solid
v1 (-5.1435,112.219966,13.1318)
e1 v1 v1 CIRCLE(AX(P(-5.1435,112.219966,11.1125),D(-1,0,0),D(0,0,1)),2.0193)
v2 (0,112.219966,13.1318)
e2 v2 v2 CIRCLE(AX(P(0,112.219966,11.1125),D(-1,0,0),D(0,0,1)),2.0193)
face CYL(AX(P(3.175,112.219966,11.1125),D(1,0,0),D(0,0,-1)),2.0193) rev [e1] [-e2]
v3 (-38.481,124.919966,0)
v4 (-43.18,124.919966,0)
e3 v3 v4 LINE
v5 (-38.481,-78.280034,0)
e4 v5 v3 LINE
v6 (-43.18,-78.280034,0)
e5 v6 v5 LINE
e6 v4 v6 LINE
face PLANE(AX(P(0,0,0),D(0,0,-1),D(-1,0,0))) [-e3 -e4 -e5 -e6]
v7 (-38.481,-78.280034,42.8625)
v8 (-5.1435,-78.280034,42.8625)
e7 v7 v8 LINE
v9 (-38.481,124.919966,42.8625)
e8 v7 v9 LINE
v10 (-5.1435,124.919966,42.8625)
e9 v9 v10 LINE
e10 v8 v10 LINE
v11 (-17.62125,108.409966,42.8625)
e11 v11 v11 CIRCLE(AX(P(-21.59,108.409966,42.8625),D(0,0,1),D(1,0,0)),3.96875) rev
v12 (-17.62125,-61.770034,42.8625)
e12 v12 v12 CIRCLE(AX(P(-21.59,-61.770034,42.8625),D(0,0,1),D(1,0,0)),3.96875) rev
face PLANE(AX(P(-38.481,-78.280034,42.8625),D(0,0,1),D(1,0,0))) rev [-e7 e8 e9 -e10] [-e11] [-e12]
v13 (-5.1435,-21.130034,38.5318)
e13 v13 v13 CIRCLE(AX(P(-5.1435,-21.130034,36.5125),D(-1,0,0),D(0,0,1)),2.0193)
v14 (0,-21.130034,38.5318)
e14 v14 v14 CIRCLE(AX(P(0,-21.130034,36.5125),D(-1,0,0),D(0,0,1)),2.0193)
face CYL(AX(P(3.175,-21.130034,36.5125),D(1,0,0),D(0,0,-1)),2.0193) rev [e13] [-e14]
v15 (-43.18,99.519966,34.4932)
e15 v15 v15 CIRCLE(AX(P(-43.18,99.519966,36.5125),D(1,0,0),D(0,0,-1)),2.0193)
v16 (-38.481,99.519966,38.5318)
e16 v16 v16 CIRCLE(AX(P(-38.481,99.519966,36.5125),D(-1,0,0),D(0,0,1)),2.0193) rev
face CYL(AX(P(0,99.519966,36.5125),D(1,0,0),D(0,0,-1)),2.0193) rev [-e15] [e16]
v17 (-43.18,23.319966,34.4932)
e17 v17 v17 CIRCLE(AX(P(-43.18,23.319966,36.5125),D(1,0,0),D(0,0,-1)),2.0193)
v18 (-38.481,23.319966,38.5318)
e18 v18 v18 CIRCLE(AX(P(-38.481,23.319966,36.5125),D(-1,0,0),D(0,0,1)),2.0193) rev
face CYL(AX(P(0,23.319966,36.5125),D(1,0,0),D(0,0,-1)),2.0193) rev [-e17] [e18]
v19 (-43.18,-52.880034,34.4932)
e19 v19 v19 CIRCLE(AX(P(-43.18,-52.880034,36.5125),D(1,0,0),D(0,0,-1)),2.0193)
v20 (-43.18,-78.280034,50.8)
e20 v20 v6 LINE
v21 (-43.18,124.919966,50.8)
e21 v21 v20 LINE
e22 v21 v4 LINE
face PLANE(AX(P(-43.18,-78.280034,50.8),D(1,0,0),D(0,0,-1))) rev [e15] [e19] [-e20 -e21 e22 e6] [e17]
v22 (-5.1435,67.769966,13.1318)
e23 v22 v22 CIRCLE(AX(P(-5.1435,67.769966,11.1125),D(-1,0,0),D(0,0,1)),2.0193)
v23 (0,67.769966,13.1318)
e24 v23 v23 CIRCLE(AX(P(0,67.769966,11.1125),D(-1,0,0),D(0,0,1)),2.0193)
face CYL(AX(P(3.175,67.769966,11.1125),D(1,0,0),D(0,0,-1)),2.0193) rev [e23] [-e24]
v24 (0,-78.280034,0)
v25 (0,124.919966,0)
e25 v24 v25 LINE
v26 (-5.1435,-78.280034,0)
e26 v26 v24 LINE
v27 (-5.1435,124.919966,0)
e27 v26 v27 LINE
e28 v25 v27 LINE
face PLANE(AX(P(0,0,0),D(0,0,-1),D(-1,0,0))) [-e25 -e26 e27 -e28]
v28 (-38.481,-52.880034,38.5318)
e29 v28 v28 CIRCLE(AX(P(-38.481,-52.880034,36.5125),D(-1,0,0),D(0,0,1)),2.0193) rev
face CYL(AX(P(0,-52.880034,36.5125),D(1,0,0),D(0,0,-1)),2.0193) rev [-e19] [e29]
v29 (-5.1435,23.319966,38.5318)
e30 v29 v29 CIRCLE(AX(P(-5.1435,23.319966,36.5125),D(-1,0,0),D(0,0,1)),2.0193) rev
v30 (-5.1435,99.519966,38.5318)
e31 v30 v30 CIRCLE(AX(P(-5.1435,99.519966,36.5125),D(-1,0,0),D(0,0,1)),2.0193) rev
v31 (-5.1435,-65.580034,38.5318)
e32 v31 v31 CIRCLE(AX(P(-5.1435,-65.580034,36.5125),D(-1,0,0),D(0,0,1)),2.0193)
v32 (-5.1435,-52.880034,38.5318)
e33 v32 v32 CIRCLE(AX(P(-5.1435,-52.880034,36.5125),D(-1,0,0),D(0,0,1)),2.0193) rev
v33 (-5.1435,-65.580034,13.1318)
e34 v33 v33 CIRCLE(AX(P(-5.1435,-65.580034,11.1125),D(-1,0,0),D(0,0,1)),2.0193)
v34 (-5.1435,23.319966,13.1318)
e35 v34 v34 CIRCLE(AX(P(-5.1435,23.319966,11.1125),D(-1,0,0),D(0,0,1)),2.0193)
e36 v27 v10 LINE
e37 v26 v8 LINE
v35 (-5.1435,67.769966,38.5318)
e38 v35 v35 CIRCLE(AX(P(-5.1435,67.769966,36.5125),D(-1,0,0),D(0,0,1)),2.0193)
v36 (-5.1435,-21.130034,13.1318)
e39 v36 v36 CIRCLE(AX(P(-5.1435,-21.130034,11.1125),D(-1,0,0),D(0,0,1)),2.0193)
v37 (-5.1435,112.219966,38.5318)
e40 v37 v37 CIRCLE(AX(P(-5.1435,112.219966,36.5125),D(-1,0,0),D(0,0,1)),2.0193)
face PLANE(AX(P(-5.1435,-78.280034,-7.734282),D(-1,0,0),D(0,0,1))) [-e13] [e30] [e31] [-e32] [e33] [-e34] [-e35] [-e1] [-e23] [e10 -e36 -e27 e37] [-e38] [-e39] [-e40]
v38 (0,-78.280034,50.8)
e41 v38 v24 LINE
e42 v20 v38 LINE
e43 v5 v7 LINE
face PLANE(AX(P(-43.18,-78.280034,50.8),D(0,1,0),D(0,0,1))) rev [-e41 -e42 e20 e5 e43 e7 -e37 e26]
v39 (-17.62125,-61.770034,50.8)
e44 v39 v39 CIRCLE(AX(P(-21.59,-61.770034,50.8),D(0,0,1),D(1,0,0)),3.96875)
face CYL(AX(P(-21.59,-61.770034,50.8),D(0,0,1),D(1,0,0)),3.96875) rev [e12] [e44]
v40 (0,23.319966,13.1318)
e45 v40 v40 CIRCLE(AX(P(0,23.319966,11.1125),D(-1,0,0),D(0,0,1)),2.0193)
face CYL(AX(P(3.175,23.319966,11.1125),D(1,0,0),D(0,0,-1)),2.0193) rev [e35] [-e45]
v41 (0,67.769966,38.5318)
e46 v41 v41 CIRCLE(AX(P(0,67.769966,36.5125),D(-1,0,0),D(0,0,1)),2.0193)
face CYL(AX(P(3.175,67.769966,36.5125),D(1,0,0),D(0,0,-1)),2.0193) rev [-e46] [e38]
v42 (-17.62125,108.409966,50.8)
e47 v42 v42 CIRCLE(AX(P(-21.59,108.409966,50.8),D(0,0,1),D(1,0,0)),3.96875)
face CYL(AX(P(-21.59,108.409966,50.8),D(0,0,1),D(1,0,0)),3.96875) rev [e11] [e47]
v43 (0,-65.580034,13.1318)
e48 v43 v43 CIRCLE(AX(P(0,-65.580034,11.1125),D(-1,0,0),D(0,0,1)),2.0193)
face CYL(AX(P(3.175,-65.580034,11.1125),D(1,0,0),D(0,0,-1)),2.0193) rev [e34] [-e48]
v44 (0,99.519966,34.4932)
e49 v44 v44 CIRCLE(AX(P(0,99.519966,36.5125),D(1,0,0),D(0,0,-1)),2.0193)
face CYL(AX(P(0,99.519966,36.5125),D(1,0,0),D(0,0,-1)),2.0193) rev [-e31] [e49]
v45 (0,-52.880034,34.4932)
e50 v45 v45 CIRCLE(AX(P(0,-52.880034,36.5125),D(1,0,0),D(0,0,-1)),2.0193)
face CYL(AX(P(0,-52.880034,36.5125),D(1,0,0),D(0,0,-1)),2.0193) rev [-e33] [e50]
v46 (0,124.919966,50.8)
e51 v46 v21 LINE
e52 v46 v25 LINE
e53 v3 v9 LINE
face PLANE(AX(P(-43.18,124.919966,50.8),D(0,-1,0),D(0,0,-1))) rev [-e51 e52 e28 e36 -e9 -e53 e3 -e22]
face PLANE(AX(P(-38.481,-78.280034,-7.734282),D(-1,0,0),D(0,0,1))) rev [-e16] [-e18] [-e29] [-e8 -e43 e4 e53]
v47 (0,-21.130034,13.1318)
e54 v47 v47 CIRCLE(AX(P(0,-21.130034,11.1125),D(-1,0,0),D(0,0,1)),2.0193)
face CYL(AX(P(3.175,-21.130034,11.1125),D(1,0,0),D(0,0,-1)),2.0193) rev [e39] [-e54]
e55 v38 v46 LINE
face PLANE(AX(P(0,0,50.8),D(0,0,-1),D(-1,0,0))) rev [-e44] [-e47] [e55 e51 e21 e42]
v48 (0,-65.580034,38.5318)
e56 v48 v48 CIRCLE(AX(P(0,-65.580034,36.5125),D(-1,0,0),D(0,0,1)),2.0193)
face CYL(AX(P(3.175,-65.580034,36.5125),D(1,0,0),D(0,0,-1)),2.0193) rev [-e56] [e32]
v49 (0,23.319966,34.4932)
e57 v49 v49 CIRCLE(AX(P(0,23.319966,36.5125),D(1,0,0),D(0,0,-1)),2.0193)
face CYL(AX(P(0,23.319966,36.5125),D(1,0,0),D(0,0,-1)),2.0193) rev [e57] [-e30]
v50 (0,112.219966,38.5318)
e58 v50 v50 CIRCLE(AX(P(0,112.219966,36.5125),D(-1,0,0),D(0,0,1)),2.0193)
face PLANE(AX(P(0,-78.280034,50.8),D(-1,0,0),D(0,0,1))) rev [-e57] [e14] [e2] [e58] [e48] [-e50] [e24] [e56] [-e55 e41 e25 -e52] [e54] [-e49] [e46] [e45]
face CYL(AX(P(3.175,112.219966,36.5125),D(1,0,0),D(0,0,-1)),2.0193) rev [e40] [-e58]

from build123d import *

# Parameters (mm, degrees)
SKETCH1_W                  = 43.18
SKETCH1_H                  = 203.2
BOSS_EXTRUDE1_DEPTH        = 50.8
F_3_8_16_TAPPED_HOLE1_D    = 7.9375
F_10_32_TAPPED_HOLE1_D     = 4.0386
SKETCH9_W                  = 33.3375
SKETCH9_H                  = 50.596782444
CUT_EXTRUDE1_DEPTH         = 214.858346575
F_10_32_TAPPED_HOLE2_D     = 4.0386
F_10_32_TAPPED_HOLE2_DEPTH = 17.78
F_10_32_TAPPED_HOLE2_TIP   = 1.213317848
F_10_32_TAPPED_HOLE3_D     = 4.0386
F_10_32_TAPPED_HOLE3_DEPTH = 17.78
F_10_32_TAPPED_HOLE3_TIP   = 1.213317848


with BuildPart() as part:
    # Sketch1 → Boss-Extrude1 (new body)
    with BuildSketch(Plane.XY):
        with Locations((-21.59, 23.319966314)):
            Rectangle(SKETCH1_W, SKETCH1_H)
    extrude(amount=BOSS_EXTRUDE1_DEPTH)

    # 3/8-16 Tapped Hole1 (through all)
    with Locations(Plane.XY.offset(50.8)):
        with Locations((-21.59, 108.409966314), (-21.59, -61.770033686)):
            Hole(F_3_8_16_TAPPED_HOLE1_D / 2)

    # #10-32 Tapped Hole1 (through all)
    with Locations(Plane(origin=(0, 0, 0), x_dir=(0, 0, -1), z_dir=(1, 0, 0))):
        with Locations((-36.5125, 99.519966314), (-36.5125, 23.319966314), (-36.5125, -52.880033686)):
            Hole(F_10_32_TAPPED_HOLE1_D / 2)

    # Sketch9 → Cut-Extrude1 (cut, through all)
    with BuildSketch(Plane(origin=(0, 124.919966314, 0), x_dir=(1, 0, 0), z_dir=(0, 1, 0))):
        with Locations((-21.81225, -17.564108778)):
            Rectangle(SKETCH9_W, SKETCH9_H)
    extrude(amount=-CUT_EXTRUDE1_DEPTH, mode=Mode.SUBTRACT)

    # #10-32 Tapped Hole2
    with Locations(Plane(origin=(3.175, 53.792091732, -9.087092082), x_dir=(0, 0, -1), z_dir=(1, 0, 0))):
        with Locations((284.600407918, 58.427874582), (310.000407918, 58.427874582), (284.600407918, 13.977874582), (310.000407918, 13.977874582), (284.600407918, -30.472125418), (284.600407918, -74.922125418), (310.000407918, -74.922125418), (284.600407918, -119.372125418), (310.000407918, -119.372125418), (-20.199592082, 58.427874582), (-45.599592082, 58.427874582), (-20.199592082, 13.977874582), (-45.599592082, 13.977874582), (-20.199592082, -30.472125418), (-20.199592082, -74.922125418), (-45.599592082, -74.922125418), (-45.599592082, -119.372125418), (-20.199592082, -119.372125418)):
            Hole(F_10_32_TAPPED_HOLE2_D / 2, depth=F_10_32_TAPPED_HOLE2_DEPTH)
            with Locations((0, 0, -(F_10_32_TAPPED_HOLE2_DEPTH + F_10_32_TAPPED_HOLE2_TIP / 2))):  # 118° drill point
                Cone(0, F_10_32_TAPPED_HOLE2_D / 2, F_10_32_TAPPED_HOLE2_TIP, mode=Mode.SUBTRACT)

    # #10-32 Tapped Hole3
    with Locations(Plane(origin=(3.175, -7.152159104, -273.487907918), x_dir=(0, 0, 1), z_dir=(1, 0, 0))):
        with Locations((284.600407918, 58.427874582), (310.000407918, 58.427874582), (284.600407918, 13.977874582), (310.000407918, 13.977874582), (284.600407918, -30.472125418), (284.600407918, -74.922125418), (310.000407918, -74.922125418), (284.600407918, -119.372125418), (310.000407918, -119.372125418), (-20.199592082, 58.427874582), (-45.599592082, 58.427874582), (-20.199592082, 13.977874582), (-45.599592082, 13.977874582), (-20.199592082, -30.472125418), (-20.199592082, -74.922125418), (-45.599592082, -74.922125418), (-45.599592082, -119.372125418), (-20.199592082, -119.372125418)):
            Hole(F_10_32_TAPPED_HOLE3_D / 2, depth=F_10_32_TAPPED_HOLE3_DEPTH)
            with Locations((0, 0, -(F_10_32_TAPPED_HOLE3_DEPTH + F_10_32_TAPPED_HOLE3_TIP / 2))):  # 118° drill point
                Cone(0, F_10_32_TAPPED_HOLE3_D / 2, F_10_32_TAPPED_HOLE3_TIP, mode=Mode.SUBTRACT)


solid = part.part
